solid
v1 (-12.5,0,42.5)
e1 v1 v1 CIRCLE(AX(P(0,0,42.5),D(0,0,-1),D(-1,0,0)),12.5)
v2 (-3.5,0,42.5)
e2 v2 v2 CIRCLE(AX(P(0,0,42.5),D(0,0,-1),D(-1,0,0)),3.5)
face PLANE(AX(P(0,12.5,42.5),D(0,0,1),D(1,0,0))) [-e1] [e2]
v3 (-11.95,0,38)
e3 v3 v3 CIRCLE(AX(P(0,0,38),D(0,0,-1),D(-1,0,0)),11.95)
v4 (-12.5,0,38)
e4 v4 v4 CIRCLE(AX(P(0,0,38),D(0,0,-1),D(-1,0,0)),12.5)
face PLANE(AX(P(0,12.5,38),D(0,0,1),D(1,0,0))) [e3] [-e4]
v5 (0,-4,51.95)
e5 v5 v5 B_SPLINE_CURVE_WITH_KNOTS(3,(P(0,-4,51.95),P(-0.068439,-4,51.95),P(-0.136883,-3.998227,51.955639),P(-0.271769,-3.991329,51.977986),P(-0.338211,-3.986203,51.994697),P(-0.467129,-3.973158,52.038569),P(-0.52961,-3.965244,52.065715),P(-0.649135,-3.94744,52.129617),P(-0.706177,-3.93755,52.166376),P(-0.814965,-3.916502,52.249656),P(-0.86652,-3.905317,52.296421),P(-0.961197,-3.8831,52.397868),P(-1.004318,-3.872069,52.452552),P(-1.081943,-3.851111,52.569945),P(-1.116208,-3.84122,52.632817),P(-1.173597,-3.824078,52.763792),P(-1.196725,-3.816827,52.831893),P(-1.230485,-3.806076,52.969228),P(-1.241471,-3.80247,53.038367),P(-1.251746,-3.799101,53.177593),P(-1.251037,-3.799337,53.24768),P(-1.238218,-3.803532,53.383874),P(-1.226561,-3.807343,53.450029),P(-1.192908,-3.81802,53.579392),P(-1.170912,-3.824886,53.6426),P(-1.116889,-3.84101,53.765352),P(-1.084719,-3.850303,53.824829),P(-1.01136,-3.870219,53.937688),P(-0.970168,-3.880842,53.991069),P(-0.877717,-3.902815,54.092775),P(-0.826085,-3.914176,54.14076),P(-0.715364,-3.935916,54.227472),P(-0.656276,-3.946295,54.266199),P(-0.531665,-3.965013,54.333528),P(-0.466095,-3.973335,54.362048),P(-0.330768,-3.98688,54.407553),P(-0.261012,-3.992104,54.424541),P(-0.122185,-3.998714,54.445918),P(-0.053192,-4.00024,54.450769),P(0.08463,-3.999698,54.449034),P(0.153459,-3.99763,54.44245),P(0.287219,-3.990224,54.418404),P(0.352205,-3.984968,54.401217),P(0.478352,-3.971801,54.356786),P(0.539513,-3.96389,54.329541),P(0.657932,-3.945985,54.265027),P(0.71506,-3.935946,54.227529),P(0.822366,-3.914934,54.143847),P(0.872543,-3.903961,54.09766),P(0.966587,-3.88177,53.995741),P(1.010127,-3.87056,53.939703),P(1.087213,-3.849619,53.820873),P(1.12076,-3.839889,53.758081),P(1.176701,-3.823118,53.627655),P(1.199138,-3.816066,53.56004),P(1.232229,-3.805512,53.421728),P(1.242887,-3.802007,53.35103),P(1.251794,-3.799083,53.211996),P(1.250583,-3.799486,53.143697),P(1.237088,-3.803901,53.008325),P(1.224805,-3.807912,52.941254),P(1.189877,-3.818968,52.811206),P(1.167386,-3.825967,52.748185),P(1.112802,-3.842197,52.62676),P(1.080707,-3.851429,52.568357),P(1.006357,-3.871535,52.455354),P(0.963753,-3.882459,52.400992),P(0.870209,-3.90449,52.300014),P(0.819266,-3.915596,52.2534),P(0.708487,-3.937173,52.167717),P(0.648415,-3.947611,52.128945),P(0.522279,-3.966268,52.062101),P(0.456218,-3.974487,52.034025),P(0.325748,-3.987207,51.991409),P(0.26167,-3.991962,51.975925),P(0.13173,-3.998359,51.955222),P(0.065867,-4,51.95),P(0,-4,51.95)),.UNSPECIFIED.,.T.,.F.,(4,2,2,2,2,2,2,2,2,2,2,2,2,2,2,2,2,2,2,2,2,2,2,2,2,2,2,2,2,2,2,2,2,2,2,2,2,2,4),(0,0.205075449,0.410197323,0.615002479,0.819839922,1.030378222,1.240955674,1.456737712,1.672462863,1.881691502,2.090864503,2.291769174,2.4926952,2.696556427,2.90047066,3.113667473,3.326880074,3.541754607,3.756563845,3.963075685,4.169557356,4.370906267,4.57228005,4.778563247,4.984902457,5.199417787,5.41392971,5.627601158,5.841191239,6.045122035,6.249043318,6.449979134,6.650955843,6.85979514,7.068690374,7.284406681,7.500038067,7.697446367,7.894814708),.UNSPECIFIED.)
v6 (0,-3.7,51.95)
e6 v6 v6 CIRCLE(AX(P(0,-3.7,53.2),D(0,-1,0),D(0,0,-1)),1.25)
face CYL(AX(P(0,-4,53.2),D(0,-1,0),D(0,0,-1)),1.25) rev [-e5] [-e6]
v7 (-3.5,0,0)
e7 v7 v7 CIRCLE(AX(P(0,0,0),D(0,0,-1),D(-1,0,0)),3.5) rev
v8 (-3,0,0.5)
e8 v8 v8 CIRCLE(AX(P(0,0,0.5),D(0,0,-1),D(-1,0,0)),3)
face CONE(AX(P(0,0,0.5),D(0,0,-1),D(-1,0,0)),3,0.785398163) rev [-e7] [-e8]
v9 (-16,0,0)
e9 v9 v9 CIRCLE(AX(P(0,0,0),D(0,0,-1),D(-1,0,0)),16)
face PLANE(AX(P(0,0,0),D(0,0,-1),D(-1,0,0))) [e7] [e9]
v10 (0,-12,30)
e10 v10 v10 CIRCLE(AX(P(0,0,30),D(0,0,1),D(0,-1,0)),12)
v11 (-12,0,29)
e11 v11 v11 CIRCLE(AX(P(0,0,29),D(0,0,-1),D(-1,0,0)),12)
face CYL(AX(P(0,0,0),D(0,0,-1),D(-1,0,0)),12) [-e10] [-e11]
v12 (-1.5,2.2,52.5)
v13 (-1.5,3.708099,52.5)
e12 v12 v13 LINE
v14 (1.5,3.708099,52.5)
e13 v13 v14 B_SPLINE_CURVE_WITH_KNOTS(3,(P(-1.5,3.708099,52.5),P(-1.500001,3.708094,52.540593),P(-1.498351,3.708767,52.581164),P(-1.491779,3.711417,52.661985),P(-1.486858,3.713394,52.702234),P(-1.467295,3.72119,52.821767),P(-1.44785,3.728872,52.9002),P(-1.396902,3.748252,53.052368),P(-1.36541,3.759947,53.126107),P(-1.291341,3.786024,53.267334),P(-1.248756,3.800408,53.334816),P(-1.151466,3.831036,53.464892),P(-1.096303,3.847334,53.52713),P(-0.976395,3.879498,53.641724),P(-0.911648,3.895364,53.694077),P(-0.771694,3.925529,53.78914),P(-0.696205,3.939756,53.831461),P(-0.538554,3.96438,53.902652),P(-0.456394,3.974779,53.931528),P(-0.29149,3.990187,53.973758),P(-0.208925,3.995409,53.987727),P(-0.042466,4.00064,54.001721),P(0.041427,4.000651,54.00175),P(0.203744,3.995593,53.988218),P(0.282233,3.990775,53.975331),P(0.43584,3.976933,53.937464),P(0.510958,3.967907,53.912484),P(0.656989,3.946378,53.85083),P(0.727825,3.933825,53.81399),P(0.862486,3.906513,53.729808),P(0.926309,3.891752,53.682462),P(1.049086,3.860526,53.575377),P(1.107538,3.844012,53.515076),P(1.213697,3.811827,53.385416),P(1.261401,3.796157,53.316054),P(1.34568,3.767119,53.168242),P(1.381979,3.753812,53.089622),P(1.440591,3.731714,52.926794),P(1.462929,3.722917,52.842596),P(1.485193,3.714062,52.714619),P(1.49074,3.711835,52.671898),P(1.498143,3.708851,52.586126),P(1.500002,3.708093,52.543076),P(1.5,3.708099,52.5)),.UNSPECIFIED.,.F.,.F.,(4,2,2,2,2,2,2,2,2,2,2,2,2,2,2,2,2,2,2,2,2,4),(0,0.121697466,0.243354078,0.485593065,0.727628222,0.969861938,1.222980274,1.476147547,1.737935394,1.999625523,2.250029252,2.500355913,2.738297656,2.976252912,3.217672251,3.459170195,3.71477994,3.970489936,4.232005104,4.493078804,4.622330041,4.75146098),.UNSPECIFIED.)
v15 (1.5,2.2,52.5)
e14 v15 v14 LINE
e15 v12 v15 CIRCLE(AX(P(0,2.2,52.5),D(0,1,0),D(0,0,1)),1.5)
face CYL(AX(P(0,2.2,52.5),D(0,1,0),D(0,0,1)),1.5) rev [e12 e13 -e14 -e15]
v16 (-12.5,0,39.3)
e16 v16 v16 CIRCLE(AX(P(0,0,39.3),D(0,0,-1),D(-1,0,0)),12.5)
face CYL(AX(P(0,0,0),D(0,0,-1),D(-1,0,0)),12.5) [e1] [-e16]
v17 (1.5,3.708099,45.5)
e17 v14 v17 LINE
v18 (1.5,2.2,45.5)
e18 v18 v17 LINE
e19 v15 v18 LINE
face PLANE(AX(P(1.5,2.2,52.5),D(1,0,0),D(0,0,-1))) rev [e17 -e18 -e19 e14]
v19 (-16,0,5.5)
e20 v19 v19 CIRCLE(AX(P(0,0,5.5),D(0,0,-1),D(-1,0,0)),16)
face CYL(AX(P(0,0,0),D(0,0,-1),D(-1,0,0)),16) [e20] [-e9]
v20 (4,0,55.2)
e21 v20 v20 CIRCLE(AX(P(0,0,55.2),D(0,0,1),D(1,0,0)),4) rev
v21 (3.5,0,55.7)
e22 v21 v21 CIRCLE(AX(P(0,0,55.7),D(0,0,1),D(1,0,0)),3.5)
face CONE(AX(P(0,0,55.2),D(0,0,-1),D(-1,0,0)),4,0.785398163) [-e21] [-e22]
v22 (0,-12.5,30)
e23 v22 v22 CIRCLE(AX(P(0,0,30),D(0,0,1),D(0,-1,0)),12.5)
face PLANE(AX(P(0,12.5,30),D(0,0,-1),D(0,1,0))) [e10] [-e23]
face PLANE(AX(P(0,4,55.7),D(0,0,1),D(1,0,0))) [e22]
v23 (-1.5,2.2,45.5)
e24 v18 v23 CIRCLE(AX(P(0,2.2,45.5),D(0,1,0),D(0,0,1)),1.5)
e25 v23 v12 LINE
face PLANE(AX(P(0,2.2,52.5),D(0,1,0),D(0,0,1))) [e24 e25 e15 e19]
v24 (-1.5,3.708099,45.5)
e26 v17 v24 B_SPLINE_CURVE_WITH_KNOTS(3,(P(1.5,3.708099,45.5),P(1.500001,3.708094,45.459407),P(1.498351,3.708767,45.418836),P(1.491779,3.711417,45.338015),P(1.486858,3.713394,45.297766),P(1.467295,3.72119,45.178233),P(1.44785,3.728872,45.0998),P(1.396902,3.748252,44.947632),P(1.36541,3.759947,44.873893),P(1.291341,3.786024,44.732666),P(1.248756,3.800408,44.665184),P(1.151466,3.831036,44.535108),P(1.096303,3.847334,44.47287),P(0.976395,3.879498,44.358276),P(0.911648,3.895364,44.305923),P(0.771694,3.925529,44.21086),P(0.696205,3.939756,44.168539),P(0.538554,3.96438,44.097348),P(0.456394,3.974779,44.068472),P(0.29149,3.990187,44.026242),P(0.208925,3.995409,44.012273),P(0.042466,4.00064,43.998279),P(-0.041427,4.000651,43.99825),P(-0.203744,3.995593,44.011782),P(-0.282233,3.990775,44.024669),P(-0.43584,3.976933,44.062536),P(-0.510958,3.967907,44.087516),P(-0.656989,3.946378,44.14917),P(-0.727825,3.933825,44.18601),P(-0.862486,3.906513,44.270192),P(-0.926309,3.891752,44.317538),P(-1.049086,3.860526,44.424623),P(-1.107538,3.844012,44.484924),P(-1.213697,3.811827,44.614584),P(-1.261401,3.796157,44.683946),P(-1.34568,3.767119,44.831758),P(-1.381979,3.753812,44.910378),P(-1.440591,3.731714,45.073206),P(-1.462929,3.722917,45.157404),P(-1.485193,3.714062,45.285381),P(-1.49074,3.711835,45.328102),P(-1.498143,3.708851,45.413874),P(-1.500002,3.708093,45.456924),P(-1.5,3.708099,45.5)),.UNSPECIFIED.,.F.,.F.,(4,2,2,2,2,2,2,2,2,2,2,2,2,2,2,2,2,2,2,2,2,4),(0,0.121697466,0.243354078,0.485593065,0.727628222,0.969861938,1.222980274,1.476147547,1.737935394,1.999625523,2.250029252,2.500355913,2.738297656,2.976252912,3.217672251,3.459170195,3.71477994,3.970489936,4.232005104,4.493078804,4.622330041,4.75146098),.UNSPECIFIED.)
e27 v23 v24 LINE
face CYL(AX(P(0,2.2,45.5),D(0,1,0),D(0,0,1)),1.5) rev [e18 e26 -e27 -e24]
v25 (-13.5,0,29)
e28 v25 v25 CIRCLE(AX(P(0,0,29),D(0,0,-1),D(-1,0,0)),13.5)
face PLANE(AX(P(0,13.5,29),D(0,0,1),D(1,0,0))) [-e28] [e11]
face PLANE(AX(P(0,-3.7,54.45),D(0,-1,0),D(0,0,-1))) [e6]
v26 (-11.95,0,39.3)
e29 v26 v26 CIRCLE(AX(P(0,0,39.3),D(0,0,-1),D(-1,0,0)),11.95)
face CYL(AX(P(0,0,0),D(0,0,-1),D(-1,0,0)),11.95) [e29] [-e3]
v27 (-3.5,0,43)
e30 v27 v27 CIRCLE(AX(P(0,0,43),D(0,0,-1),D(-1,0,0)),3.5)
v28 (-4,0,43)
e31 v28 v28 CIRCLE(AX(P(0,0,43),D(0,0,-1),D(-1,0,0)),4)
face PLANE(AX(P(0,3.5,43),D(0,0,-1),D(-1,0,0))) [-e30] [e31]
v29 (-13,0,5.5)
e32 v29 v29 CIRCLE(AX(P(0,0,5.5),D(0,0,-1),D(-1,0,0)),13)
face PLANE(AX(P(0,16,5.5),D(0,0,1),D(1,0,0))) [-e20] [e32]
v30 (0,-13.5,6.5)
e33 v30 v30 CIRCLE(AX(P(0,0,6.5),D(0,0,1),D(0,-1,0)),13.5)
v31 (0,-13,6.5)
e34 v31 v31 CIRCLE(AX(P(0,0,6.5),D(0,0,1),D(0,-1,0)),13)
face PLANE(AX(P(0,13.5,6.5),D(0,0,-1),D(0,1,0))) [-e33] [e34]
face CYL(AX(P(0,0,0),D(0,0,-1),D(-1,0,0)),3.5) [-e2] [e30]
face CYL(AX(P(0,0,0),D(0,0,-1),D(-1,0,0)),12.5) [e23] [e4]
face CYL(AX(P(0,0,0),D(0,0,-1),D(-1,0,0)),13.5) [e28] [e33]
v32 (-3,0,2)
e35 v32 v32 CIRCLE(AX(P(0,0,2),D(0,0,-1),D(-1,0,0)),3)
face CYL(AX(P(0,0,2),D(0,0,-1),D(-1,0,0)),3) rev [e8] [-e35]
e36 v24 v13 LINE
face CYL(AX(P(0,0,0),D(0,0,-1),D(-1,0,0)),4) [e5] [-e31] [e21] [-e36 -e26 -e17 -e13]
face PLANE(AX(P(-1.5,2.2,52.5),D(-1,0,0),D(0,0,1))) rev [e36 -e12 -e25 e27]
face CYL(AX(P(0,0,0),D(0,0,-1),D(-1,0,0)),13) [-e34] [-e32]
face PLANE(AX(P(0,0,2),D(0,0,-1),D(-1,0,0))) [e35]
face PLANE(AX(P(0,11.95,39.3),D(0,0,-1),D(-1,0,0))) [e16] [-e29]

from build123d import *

# Parameters (mm, degrees)
CHAMFER_1_SIZE      = 0.5
CUT_EXTRUDE_1_DEPTH = 1.8
SKETCH_3_R          = 3
CUT_EXTRUDE_2_DEPTH = 2
SKETCH_4_W          = 1.25
SKETCH_4_H          = 0.3
CHAMFER_2_SIZE      = 0.5
SKETCH_5_W          = 0.5
SKETCH_5_H          = 0.5


with BuildPart() as part:
    # 草图1 → 旋转1 (revolve)
    with BuildSketch(Plane(origin=(0, 0, 0), x_dir=(0, 0, -1), z_dir=(1, 0, 0))):
        Polygon((0, 0), (0, 16), (-5.5, 16), (-5.5, 13), (-6, 13), (-6, 13.5), (-29, 13.5), (-29, 12), (-29.5, 12), (-29.5, 12.5), (-38, 12.5), (-38, 11.95), (-39.3, 11.95), (-39.3, 12.5), (-42.5, 12.5), (-42.5, 3.5), (-43, 3.5), (-43, 4), (-55.7, 4), (-55.7, 0), align=None)
    revolve(axis=Axis((0, 0, 0), (0, 0, 1)))

    # 倒角1
    chamfer_1_edges = [part.edges().sort_by_distance(p)[0] for p in [
        (0, -4, 55.7),
    ]]
    chamfer(chamfer_1_edges, length=CHAMFER_1_SIZE)

    # 草图2 → 切除-拉伸1 (cut)
    with BuildSketch(Plane(origin=(0, 4, 0), x_dir=(1, 0, 0), z_dir=(0, 1, 0))):
        with BuildLine():
            Line((-1.5, -52.5), (-1.5, -45.5))
            ThreePointArc((-1.5, -45.5), (0, -44), (1.5, -45.5))
            Line((1.5, -45.5), (1.5, -52.5))
            ThreePointArc((1.5, -52.5), (0, -54), (-1.5, -52.5))
        make_face()
    extrude(amount=-CUT_EXTRUDE_1_DEPTH, mode=Mode.SUBTRACT)

    # 草图3 → 切除-拉伸2 (cut)
    with BuildSketch(Plane(origin=(0, 0, 0), x_dir=(-1, 0, 0), z_dir=(0, 0, -1))):
        Circle(SKETCH_3_R)
    extrude(amount=-CUT_EXTRUDE_2_DEPTH, mode=Mode.SUBTRACT)

    # 草图4 → 切除-旋转1 (revolve, cut)
    with BuildSketch(Plane(origin=(0, 0, 0), x_dir=(0, 0, -1), z_dir=(1, 0, 0))):
        with Locations((-53.825, -3.85)):
            Rectangle(SKETCH_4_W, SKETCH_4_H)
    revolve(axis=Axis((0, -4, 53.2), (0, 1, 0)), mode=Mode.SUBTRACT)

    # 倒角2
    chamfer_2_edges = [part.edges().sort_by_distance(p)[0] for p in [
        (3, 0, 0),
    ]]
    chamfer(chamfer_2_edges, length=CHAMFER_2_SIZE)

    # 草图5 → 切除-旋转2 (revolve, cut)
    with BuildSketch(Plane(origin=(0, 0, 0), x_dir=(0, 0, -1), z_dir=(1, 0, 0))):
        with Locations((-29.75, 12.25)):
            Rectangle(SKETCH_5_W, SKETCH_5_H)
        with Locations((-6.25, 13.25)):
            Rectangle(SKETCH_5_W, SKETCH_5_H)
    revolve(axis=Axis((0, 0, 55.7), (0, 0, -1)), mode=Mode.SUBTRACT)


solid = part.part
